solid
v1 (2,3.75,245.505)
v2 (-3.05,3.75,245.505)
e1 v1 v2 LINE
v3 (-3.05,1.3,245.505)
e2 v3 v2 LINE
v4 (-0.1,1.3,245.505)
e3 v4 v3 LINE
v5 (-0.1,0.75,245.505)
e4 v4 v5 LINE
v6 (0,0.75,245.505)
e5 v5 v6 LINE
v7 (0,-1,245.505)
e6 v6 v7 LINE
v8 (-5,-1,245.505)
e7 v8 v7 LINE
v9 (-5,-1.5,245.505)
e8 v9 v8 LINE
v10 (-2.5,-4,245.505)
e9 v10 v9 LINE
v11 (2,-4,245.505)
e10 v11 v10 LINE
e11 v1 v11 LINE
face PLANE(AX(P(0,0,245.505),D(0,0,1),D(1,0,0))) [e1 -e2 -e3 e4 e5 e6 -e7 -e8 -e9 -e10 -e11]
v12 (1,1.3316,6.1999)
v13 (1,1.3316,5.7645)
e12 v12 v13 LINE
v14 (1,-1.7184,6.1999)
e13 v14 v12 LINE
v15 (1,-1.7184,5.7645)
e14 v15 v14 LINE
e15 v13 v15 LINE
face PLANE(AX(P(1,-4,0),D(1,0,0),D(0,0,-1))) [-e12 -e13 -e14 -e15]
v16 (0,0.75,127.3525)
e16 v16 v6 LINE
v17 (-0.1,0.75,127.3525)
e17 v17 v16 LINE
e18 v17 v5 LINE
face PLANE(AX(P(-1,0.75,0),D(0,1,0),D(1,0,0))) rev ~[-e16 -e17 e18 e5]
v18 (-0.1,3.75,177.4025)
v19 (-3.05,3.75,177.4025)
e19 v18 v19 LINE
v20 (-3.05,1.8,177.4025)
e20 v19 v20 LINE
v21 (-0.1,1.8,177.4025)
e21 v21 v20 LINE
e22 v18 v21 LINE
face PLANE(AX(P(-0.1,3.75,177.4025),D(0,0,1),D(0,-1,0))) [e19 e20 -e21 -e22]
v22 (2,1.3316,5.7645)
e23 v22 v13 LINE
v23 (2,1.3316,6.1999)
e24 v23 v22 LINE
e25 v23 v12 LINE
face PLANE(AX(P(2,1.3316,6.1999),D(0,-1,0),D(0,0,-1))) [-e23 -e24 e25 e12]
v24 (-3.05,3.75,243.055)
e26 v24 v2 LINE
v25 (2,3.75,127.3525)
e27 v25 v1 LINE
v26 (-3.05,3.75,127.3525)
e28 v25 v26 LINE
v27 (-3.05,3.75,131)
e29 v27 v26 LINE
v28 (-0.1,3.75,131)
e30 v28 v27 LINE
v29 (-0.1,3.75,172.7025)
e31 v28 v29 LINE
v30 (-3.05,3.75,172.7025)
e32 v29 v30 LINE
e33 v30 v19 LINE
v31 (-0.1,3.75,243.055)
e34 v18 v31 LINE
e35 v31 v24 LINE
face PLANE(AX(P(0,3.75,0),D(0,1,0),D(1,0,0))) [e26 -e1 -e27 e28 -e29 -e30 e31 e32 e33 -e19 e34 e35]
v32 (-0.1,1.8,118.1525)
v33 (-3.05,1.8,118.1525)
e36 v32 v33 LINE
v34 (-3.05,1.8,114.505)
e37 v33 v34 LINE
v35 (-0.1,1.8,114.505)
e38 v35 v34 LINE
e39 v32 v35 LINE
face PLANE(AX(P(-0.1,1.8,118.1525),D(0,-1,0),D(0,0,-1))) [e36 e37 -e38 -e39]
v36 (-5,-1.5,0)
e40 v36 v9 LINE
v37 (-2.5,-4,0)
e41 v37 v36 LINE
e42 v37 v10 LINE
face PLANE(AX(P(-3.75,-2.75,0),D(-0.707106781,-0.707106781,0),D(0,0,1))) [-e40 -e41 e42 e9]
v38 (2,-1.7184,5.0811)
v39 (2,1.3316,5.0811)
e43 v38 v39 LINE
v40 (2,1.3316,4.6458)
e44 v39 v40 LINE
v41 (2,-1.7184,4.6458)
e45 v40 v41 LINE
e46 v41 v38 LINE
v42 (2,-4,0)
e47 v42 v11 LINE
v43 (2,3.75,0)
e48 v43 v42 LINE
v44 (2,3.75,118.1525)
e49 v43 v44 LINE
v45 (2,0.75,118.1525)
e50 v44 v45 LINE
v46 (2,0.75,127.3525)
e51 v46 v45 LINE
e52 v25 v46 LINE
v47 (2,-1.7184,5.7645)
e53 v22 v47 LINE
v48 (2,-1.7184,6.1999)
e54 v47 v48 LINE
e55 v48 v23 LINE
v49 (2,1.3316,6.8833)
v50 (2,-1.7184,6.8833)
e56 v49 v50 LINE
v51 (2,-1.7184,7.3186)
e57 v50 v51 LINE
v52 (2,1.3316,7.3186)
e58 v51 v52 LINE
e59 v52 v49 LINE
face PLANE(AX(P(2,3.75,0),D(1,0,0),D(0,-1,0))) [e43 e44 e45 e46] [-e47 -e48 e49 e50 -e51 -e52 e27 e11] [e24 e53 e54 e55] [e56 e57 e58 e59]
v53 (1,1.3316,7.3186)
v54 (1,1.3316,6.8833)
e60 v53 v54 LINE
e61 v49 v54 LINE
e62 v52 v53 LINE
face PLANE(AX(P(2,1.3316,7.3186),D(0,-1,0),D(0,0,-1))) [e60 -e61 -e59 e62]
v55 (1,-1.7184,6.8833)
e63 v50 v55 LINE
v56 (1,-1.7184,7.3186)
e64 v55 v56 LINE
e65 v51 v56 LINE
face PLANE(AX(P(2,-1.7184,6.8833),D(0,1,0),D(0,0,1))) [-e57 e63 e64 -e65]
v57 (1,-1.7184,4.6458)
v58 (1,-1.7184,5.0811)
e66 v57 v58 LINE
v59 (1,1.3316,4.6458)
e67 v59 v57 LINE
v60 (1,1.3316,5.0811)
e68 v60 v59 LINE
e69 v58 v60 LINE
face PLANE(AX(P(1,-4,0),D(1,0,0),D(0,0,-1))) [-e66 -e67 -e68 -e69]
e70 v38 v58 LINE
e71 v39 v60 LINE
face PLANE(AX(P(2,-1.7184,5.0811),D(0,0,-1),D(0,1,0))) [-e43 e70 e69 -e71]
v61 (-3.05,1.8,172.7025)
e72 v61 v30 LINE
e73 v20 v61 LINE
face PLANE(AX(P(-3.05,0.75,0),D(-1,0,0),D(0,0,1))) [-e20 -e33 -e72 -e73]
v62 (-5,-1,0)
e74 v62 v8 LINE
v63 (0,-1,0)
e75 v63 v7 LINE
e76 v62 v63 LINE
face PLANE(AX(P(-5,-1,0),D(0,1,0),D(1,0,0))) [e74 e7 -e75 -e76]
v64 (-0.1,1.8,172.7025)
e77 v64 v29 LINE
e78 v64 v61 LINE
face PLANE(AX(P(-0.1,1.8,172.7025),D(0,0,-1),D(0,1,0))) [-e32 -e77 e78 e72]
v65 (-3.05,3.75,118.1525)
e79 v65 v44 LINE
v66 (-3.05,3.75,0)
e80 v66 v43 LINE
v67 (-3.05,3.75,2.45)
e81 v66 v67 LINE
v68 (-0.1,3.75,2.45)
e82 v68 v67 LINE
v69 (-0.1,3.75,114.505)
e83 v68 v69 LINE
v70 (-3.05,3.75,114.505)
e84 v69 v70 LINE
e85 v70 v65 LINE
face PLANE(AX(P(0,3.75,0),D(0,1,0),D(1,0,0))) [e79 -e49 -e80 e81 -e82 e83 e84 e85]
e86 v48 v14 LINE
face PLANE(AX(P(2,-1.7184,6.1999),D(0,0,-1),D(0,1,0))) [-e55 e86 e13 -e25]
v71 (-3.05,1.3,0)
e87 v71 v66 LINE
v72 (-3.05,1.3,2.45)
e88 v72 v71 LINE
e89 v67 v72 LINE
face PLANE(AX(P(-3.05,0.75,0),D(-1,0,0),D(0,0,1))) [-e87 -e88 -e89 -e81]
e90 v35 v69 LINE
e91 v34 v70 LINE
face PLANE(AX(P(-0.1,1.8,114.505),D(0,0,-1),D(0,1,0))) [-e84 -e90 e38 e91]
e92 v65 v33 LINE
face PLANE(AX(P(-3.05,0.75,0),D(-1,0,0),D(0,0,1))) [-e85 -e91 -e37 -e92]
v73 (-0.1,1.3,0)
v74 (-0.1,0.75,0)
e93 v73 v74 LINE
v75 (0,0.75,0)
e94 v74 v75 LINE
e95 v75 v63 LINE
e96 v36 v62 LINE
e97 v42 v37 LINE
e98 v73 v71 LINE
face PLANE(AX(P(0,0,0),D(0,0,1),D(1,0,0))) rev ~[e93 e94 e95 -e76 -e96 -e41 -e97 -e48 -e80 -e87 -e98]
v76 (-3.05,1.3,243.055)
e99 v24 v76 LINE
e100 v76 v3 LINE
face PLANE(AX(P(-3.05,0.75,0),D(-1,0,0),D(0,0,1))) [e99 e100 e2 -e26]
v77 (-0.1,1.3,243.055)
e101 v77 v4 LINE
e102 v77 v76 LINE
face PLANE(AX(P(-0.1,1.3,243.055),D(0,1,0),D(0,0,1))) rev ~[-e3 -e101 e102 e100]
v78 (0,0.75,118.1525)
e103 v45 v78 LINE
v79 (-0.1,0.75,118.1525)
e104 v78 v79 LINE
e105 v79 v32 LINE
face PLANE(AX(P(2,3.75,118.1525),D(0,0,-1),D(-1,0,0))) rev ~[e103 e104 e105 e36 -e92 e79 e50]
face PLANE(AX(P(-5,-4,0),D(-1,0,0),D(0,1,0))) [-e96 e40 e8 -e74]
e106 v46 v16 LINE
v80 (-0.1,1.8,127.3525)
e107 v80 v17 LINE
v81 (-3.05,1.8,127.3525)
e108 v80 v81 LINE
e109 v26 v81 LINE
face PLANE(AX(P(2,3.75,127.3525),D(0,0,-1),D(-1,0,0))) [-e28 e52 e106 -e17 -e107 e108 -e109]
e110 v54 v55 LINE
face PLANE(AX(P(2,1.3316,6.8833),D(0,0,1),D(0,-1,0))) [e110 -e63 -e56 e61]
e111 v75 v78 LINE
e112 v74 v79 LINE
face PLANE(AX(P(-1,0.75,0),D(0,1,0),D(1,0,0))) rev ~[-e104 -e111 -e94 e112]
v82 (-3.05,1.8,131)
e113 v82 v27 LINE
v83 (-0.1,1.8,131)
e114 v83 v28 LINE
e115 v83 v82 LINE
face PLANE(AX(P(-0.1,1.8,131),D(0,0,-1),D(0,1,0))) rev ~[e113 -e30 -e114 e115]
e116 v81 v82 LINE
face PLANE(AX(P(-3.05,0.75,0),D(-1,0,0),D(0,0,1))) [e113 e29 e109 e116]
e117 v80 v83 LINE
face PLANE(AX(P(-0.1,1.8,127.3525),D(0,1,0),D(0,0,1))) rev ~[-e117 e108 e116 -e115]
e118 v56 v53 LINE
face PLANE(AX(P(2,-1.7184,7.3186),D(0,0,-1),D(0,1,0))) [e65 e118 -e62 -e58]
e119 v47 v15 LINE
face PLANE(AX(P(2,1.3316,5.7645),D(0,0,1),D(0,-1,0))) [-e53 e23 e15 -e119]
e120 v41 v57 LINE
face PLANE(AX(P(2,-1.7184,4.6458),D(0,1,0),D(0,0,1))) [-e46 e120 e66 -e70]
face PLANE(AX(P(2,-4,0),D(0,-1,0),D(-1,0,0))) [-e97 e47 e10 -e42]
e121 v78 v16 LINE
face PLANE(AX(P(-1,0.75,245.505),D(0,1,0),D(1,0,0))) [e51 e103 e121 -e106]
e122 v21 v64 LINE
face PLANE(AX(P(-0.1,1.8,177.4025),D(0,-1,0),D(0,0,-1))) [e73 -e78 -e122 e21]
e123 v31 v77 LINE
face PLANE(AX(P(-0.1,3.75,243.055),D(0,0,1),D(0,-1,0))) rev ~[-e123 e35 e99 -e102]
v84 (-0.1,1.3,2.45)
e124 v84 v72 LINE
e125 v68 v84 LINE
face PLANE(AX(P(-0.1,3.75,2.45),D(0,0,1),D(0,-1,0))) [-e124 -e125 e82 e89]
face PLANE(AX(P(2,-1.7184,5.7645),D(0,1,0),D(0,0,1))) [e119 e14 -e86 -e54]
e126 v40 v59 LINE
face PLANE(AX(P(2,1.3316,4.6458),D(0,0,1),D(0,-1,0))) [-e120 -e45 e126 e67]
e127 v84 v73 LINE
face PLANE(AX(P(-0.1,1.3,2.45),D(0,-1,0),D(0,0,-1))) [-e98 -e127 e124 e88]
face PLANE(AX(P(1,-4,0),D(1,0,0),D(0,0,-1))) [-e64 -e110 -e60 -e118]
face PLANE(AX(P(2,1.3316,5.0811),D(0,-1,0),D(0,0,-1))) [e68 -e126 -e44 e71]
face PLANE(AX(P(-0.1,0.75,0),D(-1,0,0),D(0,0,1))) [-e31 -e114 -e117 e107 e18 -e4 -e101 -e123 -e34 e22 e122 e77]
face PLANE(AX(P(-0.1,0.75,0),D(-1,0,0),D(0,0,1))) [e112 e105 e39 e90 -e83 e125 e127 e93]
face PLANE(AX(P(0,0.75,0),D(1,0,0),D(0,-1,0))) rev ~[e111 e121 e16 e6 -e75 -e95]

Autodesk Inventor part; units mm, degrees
ref_plane "YZ Plane" through (0, 0, 0) normal (1, 0, 0) x (0, 1, 0)
ref_plane "XZ Plane" through (0, 0, 0) normal (0, 1, 0) x (-1, 0, 0)
ref_plane "XY Plane" through (0, 0, 0) normal (0, 0, 1) x (1, 0, 0)
sketch "Sketch1" plane through (0, 0, 0) normal (0, 0, 1) x (1, 0, 0)
  line L0 (0, 3.75) -> (2, 3.75)
  line L1 (2, 3.75) -> (2, -4)
  line L2 (2, -4) -> (0, -4)
  line L3 (0, -4) -> (0, 3.75) construction
  line L4 (0, -4) -> (-5, -4)
  line L5 (-5, -4) -> (-5, -1)
  line L6 (-5, -1) -> (0, -1)
  line L7 (0, 3.75) -> (-1, 3.75)
  line L8 (-1, 3.75) -> (-1, 0.75)
  line L9 (-1, 0.75) -> (0, 0.75)
  line L10 (0, 0.75) -> (0, 3.75) construction
  line L11 (0, 0.75) -> (0, -1)
  point P0 (0, 0)
  point P1 (0, -0.125)
  point P2 (1, 3.75)
  dimension "d0" = 4
  dimension "d1" = 2
  dimension "d5" = 5
  dimension "d6" = 1.75
  dimension "d7" = 3
  dimension "d11" = 3
  dimension "d12" = 3
extrude "Extrusion1" add sketch "Sketch1" along normal blind 245.505
sketch "Sketch2" plane through (-1, 3.75, 245.505) normal (0, 1, 0) x (1, 0, 0)
  line L0 (3, 245.505) -> (3, 0) construction
  line L1 (3, 122.7525) -> (1, 122.7525) construction
  line L2 (1, 245.505) -> (1, 0) construction
  line L3 (3, 127.3525) -> (1, 127.3525)
  line L4 (1, 127.3525) -> (1, 118.1525) construction
  line L5 (1, 118.1525) -> (3, 118.1525) construction
  line L6 (3, 118.1525) -> (3, 127.3525)
  line L7 (3, 122.7525) -> (1, 122.7525) construction
  line L8 (3, 118.1525) -> (1, 118.1525)
  line L9 (1, 127.3525) -> (0, 127.3525)
  line L10 (0, 245.505) -> (0, 0) projected
  line L11 (0, 127.3525) -> (0, 118.1525)
  line L12 (0, 118.1525) -> (1, 118.1525)
  point P0 (0, 118.1525)
  dimension "d13" = 9.2
extrude "Extrusion2" cut sketch "Sketch2" against normal up to surface (3 mm away)
sketch "Sketch3" plane through (-1, 0.75, 0) normal (-1, 0, 0) x (0, 0, 1)
  line L0 (118.1525, 0) -> (118.1525, 3) projected
  line L1 (0, 3) -> (118.1525, 3) projected
  line L2 (0, 3) -> (0, 0) projected
  line L3 (0, 0) -> (118.1525, 0) projected
  line L4 (127.3525, 3) -> (127.3525, 0) projected
  line L5 (127.3525, 0) -> (245.505, 0) projected
  line L6 (245.505, 3) -> (245.505, 0) projected
  line L7 (127.3525, 3) -> (245.505, 3) projected
  point P0 (0, -0.75)
extrude "Extrusion3" cut sketch "Sketch3" against normal blind 0.9
chamfer "Chamfer1" distance 2.5 angle 45 1 edges at (-5, -4, 122.7525)
sketch "Sketch4" plane through (-0.1, 0.75, 0) normal (-1, 0, 0) x (0, 0, 1)
  line L0 (0, 3) -> (118.1525, 3) projected
  line L1 (0, 3) -> (2.45, 3)
  line L2 (2.45, 3) -> (2.45, 0.55)
  line L3 (2.45, 0.55) -> (0, 0.55)
  line L4 (0, 0.55) -> (0, 3)
  line L5 (127.3525, 3) -> (245.505, 3) projected
  line L6 (245.505, 3) -> (243.055, 3)
  line L7 (243.055, 3) -> (243.055, 0.55)
  line L8 (243.055, 0.55) -> (245.505, 0.55)
  line L9 (245.505, 0.55) -> (245.505, 3)
  line L10 (0, 3) -> (2.45, 3)
  line L11 (2.45, 3) -> (2.45, 0.55)
  line L12 (245.505, 3) -> (243.055, 3)
  line L13 (243.055, 3) -> (243.055, 0.55)
  point P0 (0, -0.75)
  dimension "d21" = 2.45
  dimension "d22" = 2.45
  dimension "d23" = 2.45
  dimension "d24" = 2.45
extrude "Extrusion4" add sketch "Sketch4" along normal blind 2.95
sketch "Sketch5" plane through (-0.1, 0.75, 0) normal (-1, 0, 0) x (0, 0, 1)
  line L0 (114.505, 2.85) -> (114.505, 0.85) construction
  line L1 (131, 0.85) -> (131, 2.85) construction
  line L2 (131, 2.85) -> (131, 3) construction
  line L3 (127.3525, 3) -> (243.055, 3) construction
  line L4 (114.505, 2.85) -> (114.505, 3) construction
  line L5 (114.505, 3) -> (118.1525, 3)
  line L6 (118.1525, 3) -> (118.1525, 1.05)
  line L7 (118.1525, 1.05) -> (114.505, 1.05)
  line L8 (114.505, 1.05) -> (114.505, 3)
  line L9 (131, 3) -> (127.3525, 3)
  line L10 (127.3525, 3) -> (127.3525, 1.05)
  line L11 (127.3525, 1.05) -> (131, 1.05)
  line L12 (131, 1.05) -> (131, 3)
  line L13 (2.45, 3) -> (118.1525, 3) projected
  line L14 (127.3525, 0) -> (127.3525, 3) projected
  line L15 (118.1525, 3) -> (118.1525, 0) projected
  point P0 (0, -0.75)
  dimension "d29" = 1.95
extrude "Extrusion5" add sketch "Sketch5" along normal blind 2.95
sketch "Sketch6" plane through (-0.1, 0.75, 0) normal (-1, 0, 0) x (0, 0, 1)
  line L0 (172.5025, 2.85) -> (172.5025, 0.85) construction
  line L1 (177.6025, 0.85) -> (177.6025, 2.85) construction
  line L2 (177.6025, 2.85) -> (177.6025, 3) construction
  line L3 (131, 3) -> (243.055, 3) construction
  line L4 (172.5025, 2.85) -> (172.5025, 3) construction
  line L5 (172.7025, 3) -> (177.4025, 3)
  line L6 (177.4025, 3) -> (177.4025, 1.05)
  line L7 (177.4025, 1.05) -> (172.7025, 1.05)
  line L8 (172.7025, 1.05) -> (172.7025, 3)
  point P0 (0, -0.75)
  dimension "d32" = 0.2
  dimension "d33" = 0.2
  dimension "d34" = 1.95
extrude "Extrusion6" add sketch "Sketch6" along normal blind 2.95
sketch "Sketch7" plane through (2, -4, 0) normal (1, 0, 0) x (0, 0, -1)
  line L0 (-7.6603, 5.3316) -> (-4.3041, 5.3316) construction
  line L1 (-4.3041, 5.3316) -> (-4.3041, 2.2816) construction
  line L2 (-4.3041, 2.2816) -> (-7.6603, 2.2816) construction
  line L3 (-7.6603, 2.2816) -> (-7.6603, 5.3316) construction
  line L4 (-7.3186, 5.3316) -> (-6.8833, 5.3316)
  line L5 (-6.8833, 5.3316) -> (-6.8833, 2.2816)
  line L6 (-6.8833, 2.2816) -> (-7.3186, 2.2816)
  line L7 (-7.3186, 2.2816) -> (-7.3186, 5.3316)
  line L8 (-6.1999, 5.3316) -> (-5.7645, 5.3316)
  line L9 (-5.7645, 5.3316) -> (-5.7645, 2.2816)
  line L10 (-5.7645, 2.2816) -> (-6.1999, 2.2816)
  line L11 (-6.1999, 2.2816) -> (-6.1999, 5.3316)
  line L12 (-5.0811, 5.3316) -> (-4.6458, 5.3316)
  line L13 (-4.6458, 5.3316) -> (-4.6458, 2.2816)
  line L14 (-4.6458, 2.2816) -> (-5.0811, 2.2816)
  line L15 (-5.0811, 2.2816) -> (-5.0811, 5.3316)
  point P0 (0, 4)
extrude "Extrusion7" cut sketch "Sketch7" against normal blind 1
properties part number "Top Case Rail" material "PET Plastic"
